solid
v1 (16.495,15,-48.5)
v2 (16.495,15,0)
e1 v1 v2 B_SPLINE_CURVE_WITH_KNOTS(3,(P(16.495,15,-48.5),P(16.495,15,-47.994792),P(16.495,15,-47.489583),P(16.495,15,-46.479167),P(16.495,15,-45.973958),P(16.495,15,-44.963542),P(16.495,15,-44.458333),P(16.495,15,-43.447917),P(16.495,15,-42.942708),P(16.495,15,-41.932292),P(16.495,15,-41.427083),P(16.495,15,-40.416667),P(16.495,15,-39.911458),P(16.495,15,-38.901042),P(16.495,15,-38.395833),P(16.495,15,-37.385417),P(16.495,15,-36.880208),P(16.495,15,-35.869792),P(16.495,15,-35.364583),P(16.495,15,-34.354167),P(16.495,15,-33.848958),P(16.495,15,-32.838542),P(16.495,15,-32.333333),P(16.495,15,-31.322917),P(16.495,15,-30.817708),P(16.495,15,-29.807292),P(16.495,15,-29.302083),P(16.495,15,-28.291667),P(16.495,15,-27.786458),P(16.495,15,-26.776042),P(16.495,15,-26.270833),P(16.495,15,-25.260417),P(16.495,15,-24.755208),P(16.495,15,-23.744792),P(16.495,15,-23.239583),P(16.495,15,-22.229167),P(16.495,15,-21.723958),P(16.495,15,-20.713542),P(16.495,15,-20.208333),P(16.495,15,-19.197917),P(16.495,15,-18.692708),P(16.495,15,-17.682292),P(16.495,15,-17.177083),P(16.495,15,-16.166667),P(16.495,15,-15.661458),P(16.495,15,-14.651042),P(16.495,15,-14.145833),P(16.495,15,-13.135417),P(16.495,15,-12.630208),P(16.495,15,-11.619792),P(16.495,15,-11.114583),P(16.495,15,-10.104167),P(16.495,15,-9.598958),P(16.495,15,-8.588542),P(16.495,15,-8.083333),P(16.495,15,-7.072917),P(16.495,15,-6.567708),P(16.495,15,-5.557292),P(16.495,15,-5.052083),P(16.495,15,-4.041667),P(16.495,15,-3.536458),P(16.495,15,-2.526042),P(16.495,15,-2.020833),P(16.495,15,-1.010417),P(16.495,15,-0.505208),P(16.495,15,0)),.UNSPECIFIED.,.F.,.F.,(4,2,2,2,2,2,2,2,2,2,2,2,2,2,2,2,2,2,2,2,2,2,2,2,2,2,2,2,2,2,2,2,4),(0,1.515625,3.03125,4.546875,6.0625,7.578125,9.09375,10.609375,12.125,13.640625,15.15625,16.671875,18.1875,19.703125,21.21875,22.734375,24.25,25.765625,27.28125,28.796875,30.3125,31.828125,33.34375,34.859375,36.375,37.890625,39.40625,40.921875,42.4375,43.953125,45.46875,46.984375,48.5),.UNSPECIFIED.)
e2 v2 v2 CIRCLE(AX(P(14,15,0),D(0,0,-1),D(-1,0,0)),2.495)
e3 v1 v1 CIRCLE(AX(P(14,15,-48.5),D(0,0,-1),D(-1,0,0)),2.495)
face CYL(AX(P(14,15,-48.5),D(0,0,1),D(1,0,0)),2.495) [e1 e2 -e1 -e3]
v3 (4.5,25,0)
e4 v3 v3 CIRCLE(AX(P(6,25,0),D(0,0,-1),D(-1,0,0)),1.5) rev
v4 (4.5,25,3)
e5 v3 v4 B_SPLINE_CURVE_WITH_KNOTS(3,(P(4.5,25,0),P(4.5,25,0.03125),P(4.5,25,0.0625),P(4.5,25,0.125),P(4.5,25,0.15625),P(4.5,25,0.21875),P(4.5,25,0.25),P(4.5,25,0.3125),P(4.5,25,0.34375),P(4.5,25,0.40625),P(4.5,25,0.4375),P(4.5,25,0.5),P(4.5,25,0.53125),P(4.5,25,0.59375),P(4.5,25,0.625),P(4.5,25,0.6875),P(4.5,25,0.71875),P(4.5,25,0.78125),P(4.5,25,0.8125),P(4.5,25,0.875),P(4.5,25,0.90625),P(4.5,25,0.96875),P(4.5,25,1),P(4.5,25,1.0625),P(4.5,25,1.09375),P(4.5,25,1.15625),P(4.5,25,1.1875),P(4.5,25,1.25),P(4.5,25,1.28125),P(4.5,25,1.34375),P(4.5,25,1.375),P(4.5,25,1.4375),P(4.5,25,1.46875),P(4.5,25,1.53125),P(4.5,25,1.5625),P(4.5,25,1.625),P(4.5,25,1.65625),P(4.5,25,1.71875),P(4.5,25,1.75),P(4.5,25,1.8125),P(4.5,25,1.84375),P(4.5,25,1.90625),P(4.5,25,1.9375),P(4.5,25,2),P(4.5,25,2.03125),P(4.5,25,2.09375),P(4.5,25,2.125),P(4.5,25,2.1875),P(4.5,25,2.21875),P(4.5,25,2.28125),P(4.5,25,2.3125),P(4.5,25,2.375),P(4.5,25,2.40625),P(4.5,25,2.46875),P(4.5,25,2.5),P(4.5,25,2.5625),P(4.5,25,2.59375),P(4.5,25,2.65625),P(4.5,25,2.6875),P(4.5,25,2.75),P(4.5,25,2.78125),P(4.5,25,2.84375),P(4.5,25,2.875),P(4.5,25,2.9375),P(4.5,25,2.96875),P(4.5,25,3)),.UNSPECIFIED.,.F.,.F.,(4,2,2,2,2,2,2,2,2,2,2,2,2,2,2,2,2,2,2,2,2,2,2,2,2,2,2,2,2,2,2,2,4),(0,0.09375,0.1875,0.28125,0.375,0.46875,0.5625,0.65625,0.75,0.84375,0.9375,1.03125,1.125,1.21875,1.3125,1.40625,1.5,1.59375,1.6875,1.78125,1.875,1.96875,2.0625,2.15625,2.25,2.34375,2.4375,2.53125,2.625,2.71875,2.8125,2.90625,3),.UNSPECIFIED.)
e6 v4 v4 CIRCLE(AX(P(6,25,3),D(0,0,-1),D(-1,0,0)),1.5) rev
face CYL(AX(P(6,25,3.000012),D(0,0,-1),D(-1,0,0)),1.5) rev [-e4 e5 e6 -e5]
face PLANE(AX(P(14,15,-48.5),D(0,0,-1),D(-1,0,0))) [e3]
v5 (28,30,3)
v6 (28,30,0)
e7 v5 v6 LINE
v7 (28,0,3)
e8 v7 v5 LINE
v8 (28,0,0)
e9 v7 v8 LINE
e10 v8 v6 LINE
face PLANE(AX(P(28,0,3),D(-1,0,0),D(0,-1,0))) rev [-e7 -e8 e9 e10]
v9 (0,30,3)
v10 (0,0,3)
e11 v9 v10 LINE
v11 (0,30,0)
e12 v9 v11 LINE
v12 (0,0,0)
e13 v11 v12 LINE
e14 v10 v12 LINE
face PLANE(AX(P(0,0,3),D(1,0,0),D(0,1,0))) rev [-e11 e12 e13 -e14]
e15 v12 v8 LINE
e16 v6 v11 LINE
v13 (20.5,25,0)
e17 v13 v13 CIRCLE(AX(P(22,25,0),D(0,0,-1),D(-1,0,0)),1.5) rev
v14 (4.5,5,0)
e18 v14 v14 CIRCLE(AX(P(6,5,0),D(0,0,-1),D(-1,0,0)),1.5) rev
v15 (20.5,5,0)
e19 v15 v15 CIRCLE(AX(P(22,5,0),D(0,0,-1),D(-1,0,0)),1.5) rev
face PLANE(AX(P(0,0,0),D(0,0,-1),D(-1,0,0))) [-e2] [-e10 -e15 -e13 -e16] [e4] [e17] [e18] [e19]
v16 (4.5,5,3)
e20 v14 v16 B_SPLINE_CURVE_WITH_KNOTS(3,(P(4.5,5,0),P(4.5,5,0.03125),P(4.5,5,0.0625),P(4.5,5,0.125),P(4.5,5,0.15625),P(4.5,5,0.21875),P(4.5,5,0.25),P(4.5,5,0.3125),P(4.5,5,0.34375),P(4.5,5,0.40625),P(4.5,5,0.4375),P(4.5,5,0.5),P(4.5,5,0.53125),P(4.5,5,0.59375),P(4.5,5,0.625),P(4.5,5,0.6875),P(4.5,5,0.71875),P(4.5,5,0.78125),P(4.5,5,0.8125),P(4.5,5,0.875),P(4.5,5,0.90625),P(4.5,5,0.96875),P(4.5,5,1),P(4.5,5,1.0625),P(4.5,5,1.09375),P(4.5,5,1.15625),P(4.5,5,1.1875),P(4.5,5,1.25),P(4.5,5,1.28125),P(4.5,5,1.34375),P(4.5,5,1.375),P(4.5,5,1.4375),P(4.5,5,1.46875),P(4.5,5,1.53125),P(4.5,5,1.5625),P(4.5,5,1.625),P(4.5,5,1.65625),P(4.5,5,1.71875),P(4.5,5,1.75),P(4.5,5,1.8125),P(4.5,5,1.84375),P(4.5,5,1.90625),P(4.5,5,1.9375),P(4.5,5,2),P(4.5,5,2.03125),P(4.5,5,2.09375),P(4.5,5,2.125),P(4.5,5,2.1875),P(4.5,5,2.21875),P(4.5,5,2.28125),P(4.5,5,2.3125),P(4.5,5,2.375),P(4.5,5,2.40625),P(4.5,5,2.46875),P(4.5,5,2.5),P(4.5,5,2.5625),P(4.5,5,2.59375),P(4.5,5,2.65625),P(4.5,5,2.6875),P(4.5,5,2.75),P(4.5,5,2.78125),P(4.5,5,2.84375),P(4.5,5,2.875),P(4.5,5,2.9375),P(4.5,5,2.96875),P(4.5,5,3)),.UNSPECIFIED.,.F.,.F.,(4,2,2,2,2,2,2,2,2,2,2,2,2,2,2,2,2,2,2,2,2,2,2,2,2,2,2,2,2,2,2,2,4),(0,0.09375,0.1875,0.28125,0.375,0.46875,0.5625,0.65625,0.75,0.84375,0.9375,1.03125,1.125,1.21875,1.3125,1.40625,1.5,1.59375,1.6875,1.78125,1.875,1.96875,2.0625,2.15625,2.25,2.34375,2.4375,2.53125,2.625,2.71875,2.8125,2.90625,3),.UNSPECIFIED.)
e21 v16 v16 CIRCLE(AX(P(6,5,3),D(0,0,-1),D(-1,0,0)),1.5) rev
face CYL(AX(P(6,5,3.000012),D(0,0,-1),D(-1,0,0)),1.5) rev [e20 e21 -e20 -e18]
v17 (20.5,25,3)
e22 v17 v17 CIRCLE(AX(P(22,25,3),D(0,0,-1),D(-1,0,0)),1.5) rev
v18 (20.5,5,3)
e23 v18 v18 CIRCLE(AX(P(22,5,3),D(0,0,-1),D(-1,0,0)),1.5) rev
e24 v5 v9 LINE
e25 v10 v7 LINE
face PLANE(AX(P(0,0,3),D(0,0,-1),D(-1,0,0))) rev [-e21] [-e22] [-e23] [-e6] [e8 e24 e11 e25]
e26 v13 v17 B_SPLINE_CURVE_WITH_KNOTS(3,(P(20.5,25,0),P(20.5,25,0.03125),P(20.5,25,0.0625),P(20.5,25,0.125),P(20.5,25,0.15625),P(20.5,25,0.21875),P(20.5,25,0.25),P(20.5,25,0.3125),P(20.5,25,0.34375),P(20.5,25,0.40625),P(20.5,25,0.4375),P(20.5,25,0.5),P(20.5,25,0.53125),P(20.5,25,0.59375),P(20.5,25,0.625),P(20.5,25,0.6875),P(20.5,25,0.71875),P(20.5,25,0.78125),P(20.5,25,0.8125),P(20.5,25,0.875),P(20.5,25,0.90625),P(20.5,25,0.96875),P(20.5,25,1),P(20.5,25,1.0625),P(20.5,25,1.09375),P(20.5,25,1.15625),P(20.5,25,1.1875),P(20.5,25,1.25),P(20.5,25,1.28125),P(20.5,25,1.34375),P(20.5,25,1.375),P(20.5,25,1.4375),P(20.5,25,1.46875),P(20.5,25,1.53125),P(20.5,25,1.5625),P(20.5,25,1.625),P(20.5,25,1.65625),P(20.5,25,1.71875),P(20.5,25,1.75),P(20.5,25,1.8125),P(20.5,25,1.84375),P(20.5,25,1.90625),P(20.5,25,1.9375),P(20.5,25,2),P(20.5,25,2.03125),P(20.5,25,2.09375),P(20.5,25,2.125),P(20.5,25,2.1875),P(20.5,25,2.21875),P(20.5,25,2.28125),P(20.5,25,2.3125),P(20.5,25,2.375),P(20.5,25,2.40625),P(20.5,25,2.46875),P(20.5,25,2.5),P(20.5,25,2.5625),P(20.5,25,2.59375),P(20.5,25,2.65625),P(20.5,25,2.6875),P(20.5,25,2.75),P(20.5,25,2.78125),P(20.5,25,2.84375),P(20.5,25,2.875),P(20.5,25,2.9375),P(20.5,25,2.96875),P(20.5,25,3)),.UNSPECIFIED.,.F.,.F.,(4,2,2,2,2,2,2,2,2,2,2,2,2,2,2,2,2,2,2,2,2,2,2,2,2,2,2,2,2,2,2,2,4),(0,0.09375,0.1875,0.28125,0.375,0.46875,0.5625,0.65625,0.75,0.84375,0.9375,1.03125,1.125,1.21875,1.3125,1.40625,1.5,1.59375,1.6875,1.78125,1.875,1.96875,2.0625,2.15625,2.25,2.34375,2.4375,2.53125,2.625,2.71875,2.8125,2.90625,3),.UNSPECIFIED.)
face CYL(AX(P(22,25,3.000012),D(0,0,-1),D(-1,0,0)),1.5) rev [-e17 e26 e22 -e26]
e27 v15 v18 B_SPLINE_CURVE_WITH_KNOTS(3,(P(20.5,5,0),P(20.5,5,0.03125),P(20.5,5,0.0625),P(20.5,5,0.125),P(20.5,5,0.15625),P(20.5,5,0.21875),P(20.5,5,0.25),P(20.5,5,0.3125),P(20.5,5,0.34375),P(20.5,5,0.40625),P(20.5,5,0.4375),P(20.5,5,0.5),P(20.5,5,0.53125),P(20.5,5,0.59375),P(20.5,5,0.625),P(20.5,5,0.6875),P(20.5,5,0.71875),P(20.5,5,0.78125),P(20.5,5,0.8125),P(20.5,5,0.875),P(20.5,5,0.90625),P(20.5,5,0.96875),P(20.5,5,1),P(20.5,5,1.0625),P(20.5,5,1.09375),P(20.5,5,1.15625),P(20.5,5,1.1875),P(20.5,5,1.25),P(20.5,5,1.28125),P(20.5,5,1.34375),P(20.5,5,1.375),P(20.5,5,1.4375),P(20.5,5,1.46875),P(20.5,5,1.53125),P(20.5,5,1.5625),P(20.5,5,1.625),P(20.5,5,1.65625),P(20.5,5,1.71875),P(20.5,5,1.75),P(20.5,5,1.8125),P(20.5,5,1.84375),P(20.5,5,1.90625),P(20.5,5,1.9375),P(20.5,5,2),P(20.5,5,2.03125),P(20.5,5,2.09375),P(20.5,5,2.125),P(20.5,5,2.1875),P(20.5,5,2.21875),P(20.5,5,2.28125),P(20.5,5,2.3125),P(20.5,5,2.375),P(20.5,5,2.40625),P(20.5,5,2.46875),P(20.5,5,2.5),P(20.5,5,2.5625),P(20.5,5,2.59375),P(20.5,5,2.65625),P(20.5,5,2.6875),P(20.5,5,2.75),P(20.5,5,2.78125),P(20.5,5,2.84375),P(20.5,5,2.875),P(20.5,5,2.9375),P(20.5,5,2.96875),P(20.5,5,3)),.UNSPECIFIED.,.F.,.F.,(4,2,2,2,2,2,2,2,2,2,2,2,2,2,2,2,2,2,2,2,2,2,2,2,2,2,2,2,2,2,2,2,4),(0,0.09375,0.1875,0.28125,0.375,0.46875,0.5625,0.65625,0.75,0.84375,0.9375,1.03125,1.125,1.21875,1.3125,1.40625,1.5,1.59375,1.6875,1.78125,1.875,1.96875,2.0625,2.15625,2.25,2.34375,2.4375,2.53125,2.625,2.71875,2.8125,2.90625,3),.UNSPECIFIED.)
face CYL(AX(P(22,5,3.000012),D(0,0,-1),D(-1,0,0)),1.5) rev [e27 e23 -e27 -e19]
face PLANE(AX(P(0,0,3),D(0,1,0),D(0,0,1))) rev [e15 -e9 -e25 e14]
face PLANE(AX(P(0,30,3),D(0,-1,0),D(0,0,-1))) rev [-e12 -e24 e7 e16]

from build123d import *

# Parameters (mm, degrees)
SKETCH_1_W                      = 28
SKETCH_1_H                      = 30
EXTRUDE_1_DEPTH                 = 3
CUT_EXTRUDE_1_REACH             = 43.146
SKETCH_2_R                      = 1.5
CUT_EXTRUDE_1_DIRECTION_2_DEPTH = 42.146081223
SKETCH_3_R                      = 2.495
EXTRUDE_2_DEPTH                 = 48.5


with BuildPart() as part:
    # 草图1 → 凸台-拉伸1 (new body)
    with BuildSketch(Plane.XY):
        with Locations((14, 15)):
            Rectangle(SKETCH_1_W, SKETCH_1_H)
    extrude(amount=EXTRUDE_1_DEPTH)

    # 草图2 → 切除-拉伸1 (cut, up to next)
    with BuildSketch(Plane.XY.offset(3), mode=Mode.PRIVATE) as cut_extrude_1_sk1:
        with Locations(Location((6, 25, 0), (0, 0, 180))):
            Circle(SKETCH_2_R)
    cut_extrude_1_tool1 = extrude(cut_extrude_1_sk1.sketch, amount=-CUT_EXTRUDE_1_REACH, mode=Mode.PRIVATE) & part.part
    # 草图2 → 切除-拉伸1 (cut, up to next)
    with BuildSketch(Plane.XY.offset(3), mode=Mode.PRIVATE) as cut_extrude_1_sk2:
        with Locations(Location((22, 25, 0), (0, 0, 180))):
            Circle(SKETCH_2_R)
    cut_extrude_1_tool2 = extrude(cut_extrude_1_sk2.sketch, amount=-CUT_EXTRUDE_1_REACH, mode=Mode.PRIVATE) & part.part
    # 草图2 → 切除-拉伸1 (cut, up to next)
    with BuildSketch(Plane.XY.offset(3), mode=Mode.PRIVATE) as cut_extrude_1_sk3:
        with Locations(Location((22, 5, 0), (0, 0, 180))):
            Circle(SKETCH_2_R)
    cut_extrude_1_tool3 = extrude(cut_extrude_1_sk3.sketch, amount=-CUT_EXTRUDE_1_REACH, mode=Mode.PRIVATE) & part.part
    # 草图2 → 切除-拉伸1 (cut, up to next)
    with BuildSketch(Plane.XY.offset(3), mode=Mode.PRIVATE) as cut_extrude_1_sk4:
        with Locations(Location((6, 5, 0), (0, 0, 180))):
            Circle(SKETCH_2_R)
    cut_extrude_1_tool4 = extrude(cut_extrude_1_sk4.sketch, amount=-CUT_EXTRUDE_1_REACH, mode=Mode.PRIVATE) & part.part
    add(cut_extrude_1_tool1.solids().sort_by_distance((6, 25, 3))[0], mode=Mode.SUBTRACT)
    add(cut_extrude_1_tool2.solids().sort_by_distance((22, 25, 3))[0], mode=Mode.SUBTRACT)
    add(cut_extrude_1_tool3.solids().sort_by_distance((22, 5, 3))[0], mode=Mode.SUBTRACT)
    add(cut_extrude_1_tool4.solids().sort_by_distance((6, 5, 3))[0], mode=Mode.SUBTRACT)

    # 草图2 → 切除-拉伸1 direction 2 (cut)
    with BuildSketch(Plane.XY.offset(3)):
        with Locations(Location((6, 25, 0), (0, 0, 180))):
            Circle(SKETCH_2_R)
        with Locations(Location((22, 25, 0), (0, 0, 180))):
            Circle(SKETCH_2_R)
        with Locations(Location((22, 5, 0), (0, 0, 180))):
            Circle(SKETCH_2_R)
        with Locations(Location((6, 5, 0), (0, 0, 180))):
            Circle(SKETCH_2_R)
    extrude(amount=CUT_EXTRUDE_1_DIRECTION_2_DEPTH, mode=Mode.SUBTRACT)

    # 草图3 → 凸台-拉伸2 (add)
    with BuildSketch(Plane(origin=(0, 0, 0), x_dir=(-1, 0, 0), z_dir=(0, 0, -1))):
        with Locations(Location((-14, 15, 0), (0, 0, 180))):
            Circle(SKETCH_3_R)
    extrude(amount=EXTRUDE_2_DEPTH)


solid = part.part
